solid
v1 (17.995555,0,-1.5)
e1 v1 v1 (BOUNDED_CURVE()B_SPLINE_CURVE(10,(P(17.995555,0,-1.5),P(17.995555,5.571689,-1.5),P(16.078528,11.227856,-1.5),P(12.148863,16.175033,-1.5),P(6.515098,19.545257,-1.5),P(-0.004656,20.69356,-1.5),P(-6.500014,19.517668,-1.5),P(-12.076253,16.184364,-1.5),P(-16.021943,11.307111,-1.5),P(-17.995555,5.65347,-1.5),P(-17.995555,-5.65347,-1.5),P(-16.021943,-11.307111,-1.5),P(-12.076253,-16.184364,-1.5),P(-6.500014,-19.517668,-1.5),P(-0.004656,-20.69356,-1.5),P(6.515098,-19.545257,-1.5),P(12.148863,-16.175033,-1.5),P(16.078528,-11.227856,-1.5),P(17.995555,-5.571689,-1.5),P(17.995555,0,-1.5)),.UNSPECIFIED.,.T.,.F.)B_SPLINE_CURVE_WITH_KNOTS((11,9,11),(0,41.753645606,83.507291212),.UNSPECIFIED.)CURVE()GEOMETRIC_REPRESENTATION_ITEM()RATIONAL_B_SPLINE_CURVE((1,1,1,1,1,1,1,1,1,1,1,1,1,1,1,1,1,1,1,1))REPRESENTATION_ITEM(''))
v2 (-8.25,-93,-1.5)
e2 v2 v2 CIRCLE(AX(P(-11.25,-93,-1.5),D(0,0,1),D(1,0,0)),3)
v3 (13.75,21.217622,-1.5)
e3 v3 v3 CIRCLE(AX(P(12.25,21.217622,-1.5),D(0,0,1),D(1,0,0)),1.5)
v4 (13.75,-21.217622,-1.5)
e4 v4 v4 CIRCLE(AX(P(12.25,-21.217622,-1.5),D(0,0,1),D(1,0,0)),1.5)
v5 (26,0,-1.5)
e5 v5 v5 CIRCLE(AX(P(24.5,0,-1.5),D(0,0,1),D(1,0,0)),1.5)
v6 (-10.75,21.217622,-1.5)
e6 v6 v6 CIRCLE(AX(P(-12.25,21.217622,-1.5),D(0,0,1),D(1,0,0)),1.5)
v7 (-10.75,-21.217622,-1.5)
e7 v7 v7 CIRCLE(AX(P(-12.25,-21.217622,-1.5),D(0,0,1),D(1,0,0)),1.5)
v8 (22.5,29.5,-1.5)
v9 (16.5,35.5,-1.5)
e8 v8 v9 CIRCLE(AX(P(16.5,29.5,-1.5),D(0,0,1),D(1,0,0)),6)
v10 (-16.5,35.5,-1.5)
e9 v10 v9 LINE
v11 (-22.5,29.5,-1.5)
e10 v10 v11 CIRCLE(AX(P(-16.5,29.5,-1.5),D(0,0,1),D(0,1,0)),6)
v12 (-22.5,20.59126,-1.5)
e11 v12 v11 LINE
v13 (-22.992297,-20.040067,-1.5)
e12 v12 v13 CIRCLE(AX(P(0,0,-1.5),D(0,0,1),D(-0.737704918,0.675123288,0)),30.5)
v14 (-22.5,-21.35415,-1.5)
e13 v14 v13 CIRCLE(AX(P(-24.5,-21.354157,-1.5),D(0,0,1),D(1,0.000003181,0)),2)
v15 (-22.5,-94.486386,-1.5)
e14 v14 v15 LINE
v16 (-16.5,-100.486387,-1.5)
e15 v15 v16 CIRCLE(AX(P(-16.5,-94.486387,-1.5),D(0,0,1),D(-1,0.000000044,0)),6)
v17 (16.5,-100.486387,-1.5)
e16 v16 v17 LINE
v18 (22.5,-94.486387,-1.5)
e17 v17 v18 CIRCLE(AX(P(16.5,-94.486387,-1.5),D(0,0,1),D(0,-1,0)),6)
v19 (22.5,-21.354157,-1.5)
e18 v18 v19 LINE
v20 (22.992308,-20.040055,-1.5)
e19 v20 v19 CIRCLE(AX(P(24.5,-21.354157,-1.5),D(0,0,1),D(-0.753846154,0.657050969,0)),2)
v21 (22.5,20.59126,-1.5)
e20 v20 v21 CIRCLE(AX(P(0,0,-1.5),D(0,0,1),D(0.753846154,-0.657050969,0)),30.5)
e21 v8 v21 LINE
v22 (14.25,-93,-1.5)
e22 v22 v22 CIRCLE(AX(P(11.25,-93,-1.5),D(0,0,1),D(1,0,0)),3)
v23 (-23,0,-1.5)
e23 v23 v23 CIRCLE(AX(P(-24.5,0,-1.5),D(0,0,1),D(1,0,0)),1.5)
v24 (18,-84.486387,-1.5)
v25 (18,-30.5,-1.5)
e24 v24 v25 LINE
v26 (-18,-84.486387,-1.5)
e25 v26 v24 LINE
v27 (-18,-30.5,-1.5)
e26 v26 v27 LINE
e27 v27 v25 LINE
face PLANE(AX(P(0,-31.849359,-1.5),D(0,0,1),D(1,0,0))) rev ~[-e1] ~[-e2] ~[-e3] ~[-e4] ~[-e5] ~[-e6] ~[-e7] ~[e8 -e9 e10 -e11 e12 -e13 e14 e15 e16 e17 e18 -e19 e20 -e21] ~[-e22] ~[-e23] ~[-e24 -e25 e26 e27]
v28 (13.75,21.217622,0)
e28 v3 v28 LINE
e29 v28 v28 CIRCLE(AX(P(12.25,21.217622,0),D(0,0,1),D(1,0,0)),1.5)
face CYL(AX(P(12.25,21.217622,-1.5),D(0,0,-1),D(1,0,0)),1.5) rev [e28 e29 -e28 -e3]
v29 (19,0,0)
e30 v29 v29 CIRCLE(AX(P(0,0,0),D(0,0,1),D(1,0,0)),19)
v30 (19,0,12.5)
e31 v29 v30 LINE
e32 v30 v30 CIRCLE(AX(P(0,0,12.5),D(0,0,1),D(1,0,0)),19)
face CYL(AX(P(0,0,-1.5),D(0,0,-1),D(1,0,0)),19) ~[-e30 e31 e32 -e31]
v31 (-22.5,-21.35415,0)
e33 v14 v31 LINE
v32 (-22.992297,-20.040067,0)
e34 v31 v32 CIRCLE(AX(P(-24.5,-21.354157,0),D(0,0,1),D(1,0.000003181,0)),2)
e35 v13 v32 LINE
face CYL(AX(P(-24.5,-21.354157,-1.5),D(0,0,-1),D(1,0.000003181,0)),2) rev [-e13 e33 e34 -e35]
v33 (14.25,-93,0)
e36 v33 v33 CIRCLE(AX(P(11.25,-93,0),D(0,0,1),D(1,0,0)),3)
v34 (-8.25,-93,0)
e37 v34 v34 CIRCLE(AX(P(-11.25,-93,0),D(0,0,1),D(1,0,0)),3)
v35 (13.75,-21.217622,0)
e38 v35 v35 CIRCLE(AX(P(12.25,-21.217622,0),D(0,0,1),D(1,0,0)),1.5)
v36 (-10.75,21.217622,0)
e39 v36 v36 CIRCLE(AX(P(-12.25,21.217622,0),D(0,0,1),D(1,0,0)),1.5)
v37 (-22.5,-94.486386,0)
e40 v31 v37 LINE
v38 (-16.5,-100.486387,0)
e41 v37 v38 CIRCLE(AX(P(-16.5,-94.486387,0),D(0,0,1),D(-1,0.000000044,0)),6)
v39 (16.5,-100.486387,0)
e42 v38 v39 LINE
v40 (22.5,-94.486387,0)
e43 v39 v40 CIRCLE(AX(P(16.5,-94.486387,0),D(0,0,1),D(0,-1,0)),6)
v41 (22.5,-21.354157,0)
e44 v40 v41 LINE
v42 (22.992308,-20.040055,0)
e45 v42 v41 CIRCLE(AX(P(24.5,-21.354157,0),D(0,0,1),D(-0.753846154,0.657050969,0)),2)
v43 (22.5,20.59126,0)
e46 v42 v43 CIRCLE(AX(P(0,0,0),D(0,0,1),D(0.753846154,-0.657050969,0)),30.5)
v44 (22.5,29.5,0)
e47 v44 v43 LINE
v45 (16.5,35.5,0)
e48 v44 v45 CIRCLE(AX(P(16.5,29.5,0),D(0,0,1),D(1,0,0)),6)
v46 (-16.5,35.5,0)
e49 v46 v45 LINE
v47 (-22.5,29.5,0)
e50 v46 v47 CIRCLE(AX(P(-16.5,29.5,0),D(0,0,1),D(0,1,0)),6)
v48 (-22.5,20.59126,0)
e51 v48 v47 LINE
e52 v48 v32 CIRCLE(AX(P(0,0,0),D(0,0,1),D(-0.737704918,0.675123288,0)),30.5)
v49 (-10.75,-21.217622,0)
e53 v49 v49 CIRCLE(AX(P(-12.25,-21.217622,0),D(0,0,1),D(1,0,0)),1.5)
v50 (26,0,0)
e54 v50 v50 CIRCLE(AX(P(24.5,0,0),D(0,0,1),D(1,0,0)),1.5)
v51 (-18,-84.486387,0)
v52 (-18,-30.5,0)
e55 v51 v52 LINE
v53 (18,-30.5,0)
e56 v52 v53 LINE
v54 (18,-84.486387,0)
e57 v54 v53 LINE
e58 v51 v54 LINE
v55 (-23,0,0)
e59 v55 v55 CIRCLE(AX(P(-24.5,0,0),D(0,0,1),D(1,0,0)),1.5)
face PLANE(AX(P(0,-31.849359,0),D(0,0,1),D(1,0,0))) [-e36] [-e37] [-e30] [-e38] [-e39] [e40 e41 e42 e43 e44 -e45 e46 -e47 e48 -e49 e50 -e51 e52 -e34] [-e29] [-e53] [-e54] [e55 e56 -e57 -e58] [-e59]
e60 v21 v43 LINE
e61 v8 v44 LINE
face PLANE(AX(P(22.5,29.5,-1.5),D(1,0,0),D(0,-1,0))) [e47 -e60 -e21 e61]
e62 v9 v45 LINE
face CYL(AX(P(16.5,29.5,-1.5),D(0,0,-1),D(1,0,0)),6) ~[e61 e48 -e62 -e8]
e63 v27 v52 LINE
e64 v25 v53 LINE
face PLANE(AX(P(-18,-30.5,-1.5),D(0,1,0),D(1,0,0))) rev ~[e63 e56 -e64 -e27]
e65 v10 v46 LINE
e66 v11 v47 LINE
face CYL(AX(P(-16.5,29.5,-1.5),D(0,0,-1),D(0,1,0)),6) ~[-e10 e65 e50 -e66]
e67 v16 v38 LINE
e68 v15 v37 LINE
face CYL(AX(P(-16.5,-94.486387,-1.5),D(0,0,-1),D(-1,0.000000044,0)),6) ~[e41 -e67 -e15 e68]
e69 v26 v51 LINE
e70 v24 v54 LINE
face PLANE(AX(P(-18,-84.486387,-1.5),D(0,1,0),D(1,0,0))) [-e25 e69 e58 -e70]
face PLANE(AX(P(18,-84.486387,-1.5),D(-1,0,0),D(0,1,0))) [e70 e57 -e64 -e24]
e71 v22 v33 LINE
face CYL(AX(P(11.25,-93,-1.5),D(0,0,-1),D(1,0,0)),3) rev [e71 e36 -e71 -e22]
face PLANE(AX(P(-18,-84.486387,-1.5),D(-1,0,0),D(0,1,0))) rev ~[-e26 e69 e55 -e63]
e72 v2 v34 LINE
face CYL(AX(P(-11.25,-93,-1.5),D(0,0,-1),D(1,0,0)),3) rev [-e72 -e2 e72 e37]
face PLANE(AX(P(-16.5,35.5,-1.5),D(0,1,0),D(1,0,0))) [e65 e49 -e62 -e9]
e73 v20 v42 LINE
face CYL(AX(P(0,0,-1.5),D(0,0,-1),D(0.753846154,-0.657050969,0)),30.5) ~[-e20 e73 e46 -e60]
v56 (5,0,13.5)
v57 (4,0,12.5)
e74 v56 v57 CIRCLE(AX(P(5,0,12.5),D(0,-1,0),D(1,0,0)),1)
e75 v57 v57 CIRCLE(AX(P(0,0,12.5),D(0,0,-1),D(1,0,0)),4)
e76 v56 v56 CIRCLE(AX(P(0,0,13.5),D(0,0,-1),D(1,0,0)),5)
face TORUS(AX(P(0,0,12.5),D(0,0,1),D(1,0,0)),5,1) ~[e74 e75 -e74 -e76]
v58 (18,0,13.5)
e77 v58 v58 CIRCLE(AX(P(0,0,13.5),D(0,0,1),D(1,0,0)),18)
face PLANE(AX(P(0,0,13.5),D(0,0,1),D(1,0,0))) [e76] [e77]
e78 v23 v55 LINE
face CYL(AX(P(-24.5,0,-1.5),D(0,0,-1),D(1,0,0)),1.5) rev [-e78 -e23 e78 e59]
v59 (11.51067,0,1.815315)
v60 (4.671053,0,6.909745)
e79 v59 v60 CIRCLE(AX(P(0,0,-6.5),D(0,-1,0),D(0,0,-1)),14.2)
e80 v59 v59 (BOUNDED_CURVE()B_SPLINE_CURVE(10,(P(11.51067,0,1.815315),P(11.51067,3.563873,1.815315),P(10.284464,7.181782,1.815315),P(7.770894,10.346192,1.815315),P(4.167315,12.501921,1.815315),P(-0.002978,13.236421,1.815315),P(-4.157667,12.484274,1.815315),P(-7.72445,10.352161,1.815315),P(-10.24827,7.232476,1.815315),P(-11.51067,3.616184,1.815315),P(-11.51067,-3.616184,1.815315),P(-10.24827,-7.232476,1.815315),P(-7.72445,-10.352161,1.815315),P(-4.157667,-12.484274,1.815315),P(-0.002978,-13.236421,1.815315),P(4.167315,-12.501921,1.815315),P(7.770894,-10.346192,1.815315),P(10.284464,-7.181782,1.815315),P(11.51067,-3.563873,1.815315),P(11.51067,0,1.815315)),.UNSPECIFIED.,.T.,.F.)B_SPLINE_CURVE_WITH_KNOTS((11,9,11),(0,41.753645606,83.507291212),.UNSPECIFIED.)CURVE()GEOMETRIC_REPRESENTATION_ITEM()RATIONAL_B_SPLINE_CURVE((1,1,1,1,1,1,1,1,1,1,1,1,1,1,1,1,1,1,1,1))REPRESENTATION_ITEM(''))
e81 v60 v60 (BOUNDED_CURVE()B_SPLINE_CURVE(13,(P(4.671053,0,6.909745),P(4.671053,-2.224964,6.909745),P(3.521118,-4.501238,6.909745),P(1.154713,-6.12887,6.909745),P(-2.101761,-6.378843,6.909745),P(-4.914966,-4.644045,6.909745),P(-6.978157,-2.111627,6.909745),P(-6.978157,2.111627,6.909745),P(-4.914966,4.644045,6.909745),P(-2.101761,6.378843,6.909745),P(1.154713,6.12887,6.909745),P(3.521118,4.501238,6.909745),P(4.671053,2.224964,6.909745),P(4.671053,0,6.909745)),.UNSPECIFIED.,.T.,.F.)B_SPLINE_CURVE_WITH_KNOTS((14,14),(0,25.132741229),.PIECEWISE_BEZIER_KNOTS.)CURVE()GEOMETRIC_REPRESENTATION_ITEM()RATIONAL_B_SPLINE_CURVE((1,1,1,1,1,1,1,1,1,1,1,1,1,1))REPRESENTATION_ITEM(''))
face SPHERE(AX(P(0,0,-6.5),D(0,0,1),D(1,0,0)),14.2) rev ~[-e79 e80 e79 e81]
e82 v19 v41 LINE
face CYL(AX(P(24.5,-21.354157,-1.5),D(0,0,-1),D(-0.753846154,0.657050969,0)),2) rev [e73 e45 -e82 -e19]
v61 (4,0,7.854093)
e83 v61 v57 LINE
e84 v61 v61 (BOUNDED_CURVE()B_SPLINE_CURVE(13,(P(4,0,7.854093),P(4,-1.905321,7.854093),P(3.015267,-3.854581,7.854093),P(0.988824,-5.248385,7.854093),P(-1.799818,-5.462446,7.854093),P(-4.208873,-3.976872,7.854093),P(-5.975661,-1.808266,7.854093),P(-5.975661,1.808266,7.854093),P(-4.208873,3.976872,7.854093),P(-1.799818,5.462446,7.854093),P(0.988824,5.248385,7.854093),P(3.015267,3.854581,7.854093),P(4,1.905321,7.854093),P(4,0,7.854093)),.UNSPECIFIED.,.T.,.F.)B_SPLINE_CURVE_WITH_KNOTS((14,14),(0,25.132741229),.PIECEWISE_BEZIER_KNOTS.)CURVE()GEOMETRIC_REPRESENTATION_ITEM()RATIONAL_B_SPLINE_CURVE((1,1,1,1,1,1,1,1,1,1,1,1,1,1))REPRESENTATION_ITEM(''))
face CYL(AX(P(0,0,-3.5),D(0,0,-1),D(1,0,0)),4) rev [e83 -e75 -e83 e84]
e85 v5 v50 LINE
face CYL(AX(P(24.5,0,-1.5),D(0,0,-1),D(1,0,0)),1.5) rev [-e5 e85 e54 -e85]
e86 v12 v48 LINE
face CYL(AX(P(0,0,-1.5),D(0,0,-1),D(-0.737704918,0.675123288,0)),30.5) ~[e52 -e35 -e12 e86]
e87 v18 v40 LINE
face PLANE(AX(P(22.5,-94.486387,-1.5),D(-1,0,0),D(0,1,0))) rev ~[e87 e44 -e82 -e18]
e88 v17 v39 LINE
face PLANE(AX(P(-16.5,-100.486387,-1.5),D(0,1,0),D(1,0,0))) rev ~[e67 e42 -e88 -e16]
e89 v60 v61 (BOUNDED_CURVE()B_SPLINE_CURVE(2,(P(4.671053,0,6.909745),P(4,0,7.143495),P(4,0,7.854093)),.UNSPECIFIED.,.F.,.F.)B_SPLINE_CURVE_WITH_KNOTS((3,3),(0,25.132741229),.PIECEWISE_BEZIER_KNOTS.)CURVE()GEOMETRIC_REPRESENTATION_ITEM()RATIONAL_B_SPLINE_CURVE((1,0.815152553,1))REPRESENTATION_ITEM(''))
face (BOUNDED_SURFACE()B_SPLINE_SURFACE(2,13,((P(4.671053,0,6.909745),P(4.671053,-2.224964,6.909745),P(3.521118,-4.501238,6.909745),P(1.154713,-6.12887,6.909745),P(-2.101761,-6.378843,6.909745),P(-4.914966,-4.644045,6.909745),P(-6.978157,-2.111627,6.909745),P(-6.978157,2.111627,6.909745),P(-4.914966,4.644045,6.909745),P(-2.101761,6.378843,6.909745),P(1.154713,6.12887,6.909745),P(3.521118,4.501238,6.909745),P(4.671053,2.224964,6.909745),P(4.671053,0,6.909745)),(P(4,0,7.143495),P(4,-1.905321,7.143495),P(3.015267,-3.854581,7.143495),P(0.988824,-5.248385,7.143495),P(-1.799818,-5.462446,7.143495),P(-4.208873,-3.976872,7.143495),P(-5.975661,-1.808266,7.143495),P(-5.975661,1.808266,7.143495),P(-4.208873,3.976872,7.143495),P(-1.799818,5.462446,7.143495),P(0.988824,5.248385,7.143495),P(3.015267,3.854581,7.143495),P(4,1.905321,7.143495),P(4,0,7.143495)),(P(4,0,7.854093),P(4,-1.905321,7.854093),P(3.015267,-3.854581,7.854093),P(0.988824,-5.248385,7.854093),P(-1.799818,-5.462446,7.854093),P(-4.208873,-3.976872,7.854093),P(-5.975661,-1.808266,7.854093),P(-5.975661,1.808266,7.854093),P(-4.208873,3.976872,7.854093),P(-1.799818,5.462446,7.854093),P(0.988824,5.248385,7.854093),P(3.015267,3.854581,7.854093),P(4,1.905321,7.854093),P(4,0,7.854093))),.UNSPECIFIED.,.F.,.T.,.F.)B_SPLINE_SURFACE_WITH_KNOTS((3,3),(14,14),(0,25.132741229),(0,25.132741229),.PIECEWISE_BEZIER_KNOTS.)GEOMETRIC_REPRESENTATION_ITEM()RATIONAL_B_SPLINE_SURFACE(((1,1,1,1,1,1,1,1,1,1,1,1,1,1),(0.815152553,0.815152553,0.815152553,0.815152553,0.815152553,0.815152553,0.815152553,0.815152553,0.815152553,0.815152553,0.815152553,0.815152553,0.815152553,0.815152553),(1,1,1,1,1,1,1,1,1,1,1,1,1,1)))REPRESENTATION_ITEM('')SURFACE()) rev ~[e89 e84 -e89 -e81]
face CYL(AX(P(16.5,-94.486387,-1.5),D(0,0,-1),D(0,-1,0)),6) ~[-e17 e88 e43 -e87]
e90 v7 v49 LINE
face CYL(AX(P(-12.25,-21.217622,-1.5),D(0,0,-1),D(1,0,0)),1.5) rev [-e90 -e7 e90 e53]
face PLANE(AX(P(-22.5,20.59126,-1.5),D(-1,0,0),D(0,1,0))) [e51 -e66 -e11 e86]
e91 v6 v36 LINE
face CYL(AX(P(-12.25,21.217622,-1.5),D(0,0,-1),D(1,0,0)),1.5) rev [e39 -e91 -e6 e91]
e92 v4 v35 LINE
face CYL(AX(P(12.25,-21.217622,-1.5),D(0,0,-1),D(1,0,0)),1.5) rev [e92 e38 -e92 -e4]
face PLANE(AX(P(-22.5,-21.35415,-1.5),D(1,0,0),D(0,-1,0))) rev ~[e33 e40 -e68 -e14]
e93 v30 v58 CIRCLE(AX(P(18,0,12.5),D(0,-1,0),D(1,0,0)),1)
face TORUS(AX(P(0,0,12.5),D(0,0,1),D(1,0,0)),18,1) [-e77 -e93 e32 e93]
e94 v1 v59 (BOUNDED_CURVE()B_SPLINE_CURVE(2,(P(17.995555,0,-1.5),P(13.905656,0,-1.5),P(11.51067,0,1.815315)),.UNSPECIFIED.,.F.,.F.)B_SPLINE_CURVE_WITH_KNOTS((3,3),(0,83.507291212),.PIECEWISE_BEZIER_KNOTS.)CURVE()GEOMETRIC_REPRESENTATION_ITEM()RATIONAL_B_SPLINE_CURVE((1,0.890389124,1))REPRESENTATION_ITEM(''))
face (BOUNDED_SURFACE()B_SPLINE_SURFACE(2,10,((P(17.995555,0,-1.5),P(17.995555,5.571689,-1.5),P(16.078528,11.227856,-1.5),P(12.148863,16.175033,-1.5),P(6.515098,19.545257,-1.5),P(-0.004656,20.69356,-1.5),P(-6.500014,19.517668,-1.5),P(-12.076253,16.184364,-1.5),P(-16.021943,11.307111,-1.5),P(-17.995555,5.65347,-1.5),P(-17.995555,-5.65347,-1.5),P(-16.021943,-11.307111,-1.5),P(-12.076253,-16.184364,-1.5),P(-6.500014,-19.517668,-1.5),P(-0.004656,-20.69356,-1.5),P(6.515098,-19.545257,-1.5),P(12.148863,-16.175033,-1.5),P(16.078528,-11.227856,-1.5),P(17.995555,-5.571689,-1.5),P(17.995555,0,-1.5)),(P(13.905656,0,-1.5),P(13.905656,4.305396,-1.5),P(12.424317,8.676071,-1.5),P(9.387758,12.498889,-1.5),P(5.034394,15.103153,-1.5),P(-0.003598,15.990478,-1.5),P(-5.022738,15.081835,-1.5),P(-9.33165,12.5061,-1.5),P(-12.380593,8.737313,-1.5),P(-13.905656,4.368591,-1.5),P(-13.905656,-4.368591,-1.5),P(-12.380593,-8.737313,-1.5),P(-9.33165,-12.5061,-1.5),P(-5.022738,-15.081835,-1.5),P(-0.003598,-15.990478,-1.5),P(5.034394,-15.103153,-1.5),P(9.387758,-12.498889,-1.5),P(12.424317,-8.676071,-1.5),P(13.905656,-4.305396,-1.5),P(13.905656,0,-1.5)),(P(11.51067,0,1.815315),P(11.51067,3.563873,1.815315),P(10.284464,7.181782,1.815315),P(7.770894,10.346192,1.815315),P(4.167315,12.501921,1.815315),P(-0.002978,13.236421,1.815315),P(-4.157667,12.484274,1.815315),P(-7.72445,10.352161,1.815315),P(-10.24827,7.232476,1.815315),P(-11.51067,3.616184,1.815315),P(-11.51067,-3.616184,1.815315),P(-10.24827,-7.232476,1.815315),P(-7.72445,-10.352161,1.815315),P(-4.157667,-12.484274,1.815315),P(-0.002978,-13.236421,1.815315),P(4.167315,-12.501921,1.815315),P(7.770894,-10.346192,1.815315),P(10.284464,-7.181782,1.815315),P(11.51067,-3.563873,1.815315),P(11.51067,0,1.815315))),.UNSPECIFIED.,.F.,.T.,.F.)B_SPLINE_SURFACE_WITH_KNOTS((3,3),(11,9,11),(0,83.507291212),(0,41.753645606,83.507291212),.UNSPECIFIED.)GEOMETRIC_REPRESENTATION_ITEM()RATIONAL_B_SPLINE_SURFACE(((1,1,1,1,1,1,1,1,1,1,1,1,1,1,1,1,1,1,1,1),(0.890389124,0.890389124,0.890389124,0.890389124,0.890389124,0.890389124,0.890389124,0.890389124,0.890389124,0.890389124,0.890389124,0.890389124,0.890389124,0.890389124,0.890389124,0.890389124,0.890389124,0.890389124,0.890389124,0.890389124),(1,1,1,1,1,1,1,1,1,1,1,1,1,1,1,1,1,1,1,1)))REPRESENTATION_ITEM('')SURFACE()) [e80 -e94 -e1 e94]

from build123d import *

# Parameters (mm, degrees)
CYLINDER010_R     = 19
CYLINDER010_DEPTH = 15
CYLINDER011_R     = 4
CYLINDER011_DEPTH = 18
SKETCH006_R       = 19
SKETCH006_R_2     = 3
SKETCH006_R_3     = 1.5
SKETCH006_W       = 36
SKETCH006_H       = 53.986387
PAD002_DEPTH      = 1.5
FILLET007_R       = 1
FILLET008_R       = 8


with BuildPart() as part:
    # Cylinder010 → Cylinder010 (join)
    with BuildSketch(Plane.XY):
        Circle(CYLINDER010_R)
    extrude(amount=CYLINDER010_DEPTH)

    # Sphere001 → Sphere001 (revolve, cut)
    with BuildSketch(Plane(origin=(0, 0, -5), x_dir=(1, 0, 0), z_dir=(0, -1, 0))):
        with BuildLine():
            ThreePointArc((0, -14.2), (14.2, 0), (0, 14.2))
            Line((0, 14.2), (0, -14.2))
        make_face()
    revolve(axis=Axis((0, 0, -5), (0, 0, 1)), mode=Mode.SUBTRACT)

    # Cylinder011 → Cylinder011 (cut)
    with BuildSketch(Plane.XY.offset(-2)):
        Circle(CYLINDER011_R)
    extrude(amount=CYLINDER011_DEPTH, mode=Mode.SUBTRACT)

    # Sketch006 → Pad002 (join)
    with BuildSketch(Plane.XY):
        with BuildLine():
            ThreePointArc((-22.5, 20.591260282), (-30.4977615184, 0.369516399), (-22.9922965207, -20.0400673827))
            ThreePointArc((-22.5, -21.3541501425), (-22.6271147127, -20.652515071), (-22.9922965208, -20.0400673827))
            Line((-22.5, -21.3541501425), (-22.5, -30.5))
            Line((-22.5, -30.5), (-22.5, -94.4863863704))
            ThreePointArc((-22.5, -94.4863863704), (-20.7426407961, -98.72902721), (-16.5000000467, -100.4863866319))
            Line((-16.5000000467, -100.4863866319), (16.5, -100.4863866319))
            ThreePointArc((16.5, -100.4863866319), (20.7426406871, -98.729027319), (22.5, -94.4863866319))
            Line((22.5, -94.4863866319), (22.5, -30.5))
            Line((22.5, -21.3541565041), (22.5, -30.5))
            ThreePointArc((22.9923076923, -20.0400545654), (22.6271165793, -20.6525100886), (22.5, -21.3541565041))
            ThreePointArc((22.9923076923, -20.0400545654), (30.4977614154, 0.3695248997), (22.5, 20.591260282))
            Line((22.5, 29.5), (22.5, 20.591260282))
            ThreePointArc((22.5, 29.5), (20.7426406871, 33.7426406871), (16.5, 35.5))
            Line((-16.5, 35.5), (16.5, 35.5))
            ThreePointArc((-16.5, 35.5), (-20.7426406871, 33.7426406871), (-22.5, 29.5))
            Line((-22.5, 20.591260282), (-22.5, 29.5))
        make_face()
        Circle(SKETCH006_R, mode=Mode.SUBTRACT)
        with Locations((-11.25, -93)):
            Circle(SKETCH006_R_2, mode=Mode.SUBTRACT)
        with Locations((11.25, -93)):
            Circle(SKETCH006_R_2, mode=Mode.SUBTRACT)
        with Locations((-12.25, 21.217622)):
            Circle(SKETCH006_R_3, mode=Mode.SUBTRACT)
        with Locations((12.25, 21.217622)):
            Circle(SKETCH006_R_3, mode=Mode.SUBTRACT)
        with Locations((24.5, 0)):
            Circle(SKETCH006_R_3, mode=Mode.SUBTRACT)
        with Locations((-24.5, 0)):
            Circle(SKETCH006_R_3, mode=Mode.SUBTRACT)
        with Locations((-12.25, -21.217622)):
            Circle(SKETCH006_R_3, mode=Mode.SUBTRACT)
        with Locations((12.25, -21.217622)):
            Circle(SKETCH006_R_3, mode=Mode.SUBTRACT)
        with Locations((0, -57.4931935)):
            Rectangle(SKETCH006_W, SKETCH006_H, mode=Mode.SUBTRACT)
    extrude(amount=PAD002_DEPTH)

    # Fillet007
    fillet007_edges = [part.edges().sort_by_distance(p)[0] for p in [
        (-19, 0, 15),
        (-4, 0, 15),
        (-4, 0, 8.624977),
    ]]
    fillet(fillet007_edges, radius=FILLET007_R)

    # Fillet008
    fillet008_edges = [part.edges().sort_by_distance(p)[0] for p in [
        (-13.290598, 0, 0),
    ]]
    fillet(fillet008_edges, radius=FILLET008_R)


with BuildPart() as part_1:
    # Body003 placement: moved
    add(part.part.moved(Location((0, 0, -1.5))))


solid = part_1.part
